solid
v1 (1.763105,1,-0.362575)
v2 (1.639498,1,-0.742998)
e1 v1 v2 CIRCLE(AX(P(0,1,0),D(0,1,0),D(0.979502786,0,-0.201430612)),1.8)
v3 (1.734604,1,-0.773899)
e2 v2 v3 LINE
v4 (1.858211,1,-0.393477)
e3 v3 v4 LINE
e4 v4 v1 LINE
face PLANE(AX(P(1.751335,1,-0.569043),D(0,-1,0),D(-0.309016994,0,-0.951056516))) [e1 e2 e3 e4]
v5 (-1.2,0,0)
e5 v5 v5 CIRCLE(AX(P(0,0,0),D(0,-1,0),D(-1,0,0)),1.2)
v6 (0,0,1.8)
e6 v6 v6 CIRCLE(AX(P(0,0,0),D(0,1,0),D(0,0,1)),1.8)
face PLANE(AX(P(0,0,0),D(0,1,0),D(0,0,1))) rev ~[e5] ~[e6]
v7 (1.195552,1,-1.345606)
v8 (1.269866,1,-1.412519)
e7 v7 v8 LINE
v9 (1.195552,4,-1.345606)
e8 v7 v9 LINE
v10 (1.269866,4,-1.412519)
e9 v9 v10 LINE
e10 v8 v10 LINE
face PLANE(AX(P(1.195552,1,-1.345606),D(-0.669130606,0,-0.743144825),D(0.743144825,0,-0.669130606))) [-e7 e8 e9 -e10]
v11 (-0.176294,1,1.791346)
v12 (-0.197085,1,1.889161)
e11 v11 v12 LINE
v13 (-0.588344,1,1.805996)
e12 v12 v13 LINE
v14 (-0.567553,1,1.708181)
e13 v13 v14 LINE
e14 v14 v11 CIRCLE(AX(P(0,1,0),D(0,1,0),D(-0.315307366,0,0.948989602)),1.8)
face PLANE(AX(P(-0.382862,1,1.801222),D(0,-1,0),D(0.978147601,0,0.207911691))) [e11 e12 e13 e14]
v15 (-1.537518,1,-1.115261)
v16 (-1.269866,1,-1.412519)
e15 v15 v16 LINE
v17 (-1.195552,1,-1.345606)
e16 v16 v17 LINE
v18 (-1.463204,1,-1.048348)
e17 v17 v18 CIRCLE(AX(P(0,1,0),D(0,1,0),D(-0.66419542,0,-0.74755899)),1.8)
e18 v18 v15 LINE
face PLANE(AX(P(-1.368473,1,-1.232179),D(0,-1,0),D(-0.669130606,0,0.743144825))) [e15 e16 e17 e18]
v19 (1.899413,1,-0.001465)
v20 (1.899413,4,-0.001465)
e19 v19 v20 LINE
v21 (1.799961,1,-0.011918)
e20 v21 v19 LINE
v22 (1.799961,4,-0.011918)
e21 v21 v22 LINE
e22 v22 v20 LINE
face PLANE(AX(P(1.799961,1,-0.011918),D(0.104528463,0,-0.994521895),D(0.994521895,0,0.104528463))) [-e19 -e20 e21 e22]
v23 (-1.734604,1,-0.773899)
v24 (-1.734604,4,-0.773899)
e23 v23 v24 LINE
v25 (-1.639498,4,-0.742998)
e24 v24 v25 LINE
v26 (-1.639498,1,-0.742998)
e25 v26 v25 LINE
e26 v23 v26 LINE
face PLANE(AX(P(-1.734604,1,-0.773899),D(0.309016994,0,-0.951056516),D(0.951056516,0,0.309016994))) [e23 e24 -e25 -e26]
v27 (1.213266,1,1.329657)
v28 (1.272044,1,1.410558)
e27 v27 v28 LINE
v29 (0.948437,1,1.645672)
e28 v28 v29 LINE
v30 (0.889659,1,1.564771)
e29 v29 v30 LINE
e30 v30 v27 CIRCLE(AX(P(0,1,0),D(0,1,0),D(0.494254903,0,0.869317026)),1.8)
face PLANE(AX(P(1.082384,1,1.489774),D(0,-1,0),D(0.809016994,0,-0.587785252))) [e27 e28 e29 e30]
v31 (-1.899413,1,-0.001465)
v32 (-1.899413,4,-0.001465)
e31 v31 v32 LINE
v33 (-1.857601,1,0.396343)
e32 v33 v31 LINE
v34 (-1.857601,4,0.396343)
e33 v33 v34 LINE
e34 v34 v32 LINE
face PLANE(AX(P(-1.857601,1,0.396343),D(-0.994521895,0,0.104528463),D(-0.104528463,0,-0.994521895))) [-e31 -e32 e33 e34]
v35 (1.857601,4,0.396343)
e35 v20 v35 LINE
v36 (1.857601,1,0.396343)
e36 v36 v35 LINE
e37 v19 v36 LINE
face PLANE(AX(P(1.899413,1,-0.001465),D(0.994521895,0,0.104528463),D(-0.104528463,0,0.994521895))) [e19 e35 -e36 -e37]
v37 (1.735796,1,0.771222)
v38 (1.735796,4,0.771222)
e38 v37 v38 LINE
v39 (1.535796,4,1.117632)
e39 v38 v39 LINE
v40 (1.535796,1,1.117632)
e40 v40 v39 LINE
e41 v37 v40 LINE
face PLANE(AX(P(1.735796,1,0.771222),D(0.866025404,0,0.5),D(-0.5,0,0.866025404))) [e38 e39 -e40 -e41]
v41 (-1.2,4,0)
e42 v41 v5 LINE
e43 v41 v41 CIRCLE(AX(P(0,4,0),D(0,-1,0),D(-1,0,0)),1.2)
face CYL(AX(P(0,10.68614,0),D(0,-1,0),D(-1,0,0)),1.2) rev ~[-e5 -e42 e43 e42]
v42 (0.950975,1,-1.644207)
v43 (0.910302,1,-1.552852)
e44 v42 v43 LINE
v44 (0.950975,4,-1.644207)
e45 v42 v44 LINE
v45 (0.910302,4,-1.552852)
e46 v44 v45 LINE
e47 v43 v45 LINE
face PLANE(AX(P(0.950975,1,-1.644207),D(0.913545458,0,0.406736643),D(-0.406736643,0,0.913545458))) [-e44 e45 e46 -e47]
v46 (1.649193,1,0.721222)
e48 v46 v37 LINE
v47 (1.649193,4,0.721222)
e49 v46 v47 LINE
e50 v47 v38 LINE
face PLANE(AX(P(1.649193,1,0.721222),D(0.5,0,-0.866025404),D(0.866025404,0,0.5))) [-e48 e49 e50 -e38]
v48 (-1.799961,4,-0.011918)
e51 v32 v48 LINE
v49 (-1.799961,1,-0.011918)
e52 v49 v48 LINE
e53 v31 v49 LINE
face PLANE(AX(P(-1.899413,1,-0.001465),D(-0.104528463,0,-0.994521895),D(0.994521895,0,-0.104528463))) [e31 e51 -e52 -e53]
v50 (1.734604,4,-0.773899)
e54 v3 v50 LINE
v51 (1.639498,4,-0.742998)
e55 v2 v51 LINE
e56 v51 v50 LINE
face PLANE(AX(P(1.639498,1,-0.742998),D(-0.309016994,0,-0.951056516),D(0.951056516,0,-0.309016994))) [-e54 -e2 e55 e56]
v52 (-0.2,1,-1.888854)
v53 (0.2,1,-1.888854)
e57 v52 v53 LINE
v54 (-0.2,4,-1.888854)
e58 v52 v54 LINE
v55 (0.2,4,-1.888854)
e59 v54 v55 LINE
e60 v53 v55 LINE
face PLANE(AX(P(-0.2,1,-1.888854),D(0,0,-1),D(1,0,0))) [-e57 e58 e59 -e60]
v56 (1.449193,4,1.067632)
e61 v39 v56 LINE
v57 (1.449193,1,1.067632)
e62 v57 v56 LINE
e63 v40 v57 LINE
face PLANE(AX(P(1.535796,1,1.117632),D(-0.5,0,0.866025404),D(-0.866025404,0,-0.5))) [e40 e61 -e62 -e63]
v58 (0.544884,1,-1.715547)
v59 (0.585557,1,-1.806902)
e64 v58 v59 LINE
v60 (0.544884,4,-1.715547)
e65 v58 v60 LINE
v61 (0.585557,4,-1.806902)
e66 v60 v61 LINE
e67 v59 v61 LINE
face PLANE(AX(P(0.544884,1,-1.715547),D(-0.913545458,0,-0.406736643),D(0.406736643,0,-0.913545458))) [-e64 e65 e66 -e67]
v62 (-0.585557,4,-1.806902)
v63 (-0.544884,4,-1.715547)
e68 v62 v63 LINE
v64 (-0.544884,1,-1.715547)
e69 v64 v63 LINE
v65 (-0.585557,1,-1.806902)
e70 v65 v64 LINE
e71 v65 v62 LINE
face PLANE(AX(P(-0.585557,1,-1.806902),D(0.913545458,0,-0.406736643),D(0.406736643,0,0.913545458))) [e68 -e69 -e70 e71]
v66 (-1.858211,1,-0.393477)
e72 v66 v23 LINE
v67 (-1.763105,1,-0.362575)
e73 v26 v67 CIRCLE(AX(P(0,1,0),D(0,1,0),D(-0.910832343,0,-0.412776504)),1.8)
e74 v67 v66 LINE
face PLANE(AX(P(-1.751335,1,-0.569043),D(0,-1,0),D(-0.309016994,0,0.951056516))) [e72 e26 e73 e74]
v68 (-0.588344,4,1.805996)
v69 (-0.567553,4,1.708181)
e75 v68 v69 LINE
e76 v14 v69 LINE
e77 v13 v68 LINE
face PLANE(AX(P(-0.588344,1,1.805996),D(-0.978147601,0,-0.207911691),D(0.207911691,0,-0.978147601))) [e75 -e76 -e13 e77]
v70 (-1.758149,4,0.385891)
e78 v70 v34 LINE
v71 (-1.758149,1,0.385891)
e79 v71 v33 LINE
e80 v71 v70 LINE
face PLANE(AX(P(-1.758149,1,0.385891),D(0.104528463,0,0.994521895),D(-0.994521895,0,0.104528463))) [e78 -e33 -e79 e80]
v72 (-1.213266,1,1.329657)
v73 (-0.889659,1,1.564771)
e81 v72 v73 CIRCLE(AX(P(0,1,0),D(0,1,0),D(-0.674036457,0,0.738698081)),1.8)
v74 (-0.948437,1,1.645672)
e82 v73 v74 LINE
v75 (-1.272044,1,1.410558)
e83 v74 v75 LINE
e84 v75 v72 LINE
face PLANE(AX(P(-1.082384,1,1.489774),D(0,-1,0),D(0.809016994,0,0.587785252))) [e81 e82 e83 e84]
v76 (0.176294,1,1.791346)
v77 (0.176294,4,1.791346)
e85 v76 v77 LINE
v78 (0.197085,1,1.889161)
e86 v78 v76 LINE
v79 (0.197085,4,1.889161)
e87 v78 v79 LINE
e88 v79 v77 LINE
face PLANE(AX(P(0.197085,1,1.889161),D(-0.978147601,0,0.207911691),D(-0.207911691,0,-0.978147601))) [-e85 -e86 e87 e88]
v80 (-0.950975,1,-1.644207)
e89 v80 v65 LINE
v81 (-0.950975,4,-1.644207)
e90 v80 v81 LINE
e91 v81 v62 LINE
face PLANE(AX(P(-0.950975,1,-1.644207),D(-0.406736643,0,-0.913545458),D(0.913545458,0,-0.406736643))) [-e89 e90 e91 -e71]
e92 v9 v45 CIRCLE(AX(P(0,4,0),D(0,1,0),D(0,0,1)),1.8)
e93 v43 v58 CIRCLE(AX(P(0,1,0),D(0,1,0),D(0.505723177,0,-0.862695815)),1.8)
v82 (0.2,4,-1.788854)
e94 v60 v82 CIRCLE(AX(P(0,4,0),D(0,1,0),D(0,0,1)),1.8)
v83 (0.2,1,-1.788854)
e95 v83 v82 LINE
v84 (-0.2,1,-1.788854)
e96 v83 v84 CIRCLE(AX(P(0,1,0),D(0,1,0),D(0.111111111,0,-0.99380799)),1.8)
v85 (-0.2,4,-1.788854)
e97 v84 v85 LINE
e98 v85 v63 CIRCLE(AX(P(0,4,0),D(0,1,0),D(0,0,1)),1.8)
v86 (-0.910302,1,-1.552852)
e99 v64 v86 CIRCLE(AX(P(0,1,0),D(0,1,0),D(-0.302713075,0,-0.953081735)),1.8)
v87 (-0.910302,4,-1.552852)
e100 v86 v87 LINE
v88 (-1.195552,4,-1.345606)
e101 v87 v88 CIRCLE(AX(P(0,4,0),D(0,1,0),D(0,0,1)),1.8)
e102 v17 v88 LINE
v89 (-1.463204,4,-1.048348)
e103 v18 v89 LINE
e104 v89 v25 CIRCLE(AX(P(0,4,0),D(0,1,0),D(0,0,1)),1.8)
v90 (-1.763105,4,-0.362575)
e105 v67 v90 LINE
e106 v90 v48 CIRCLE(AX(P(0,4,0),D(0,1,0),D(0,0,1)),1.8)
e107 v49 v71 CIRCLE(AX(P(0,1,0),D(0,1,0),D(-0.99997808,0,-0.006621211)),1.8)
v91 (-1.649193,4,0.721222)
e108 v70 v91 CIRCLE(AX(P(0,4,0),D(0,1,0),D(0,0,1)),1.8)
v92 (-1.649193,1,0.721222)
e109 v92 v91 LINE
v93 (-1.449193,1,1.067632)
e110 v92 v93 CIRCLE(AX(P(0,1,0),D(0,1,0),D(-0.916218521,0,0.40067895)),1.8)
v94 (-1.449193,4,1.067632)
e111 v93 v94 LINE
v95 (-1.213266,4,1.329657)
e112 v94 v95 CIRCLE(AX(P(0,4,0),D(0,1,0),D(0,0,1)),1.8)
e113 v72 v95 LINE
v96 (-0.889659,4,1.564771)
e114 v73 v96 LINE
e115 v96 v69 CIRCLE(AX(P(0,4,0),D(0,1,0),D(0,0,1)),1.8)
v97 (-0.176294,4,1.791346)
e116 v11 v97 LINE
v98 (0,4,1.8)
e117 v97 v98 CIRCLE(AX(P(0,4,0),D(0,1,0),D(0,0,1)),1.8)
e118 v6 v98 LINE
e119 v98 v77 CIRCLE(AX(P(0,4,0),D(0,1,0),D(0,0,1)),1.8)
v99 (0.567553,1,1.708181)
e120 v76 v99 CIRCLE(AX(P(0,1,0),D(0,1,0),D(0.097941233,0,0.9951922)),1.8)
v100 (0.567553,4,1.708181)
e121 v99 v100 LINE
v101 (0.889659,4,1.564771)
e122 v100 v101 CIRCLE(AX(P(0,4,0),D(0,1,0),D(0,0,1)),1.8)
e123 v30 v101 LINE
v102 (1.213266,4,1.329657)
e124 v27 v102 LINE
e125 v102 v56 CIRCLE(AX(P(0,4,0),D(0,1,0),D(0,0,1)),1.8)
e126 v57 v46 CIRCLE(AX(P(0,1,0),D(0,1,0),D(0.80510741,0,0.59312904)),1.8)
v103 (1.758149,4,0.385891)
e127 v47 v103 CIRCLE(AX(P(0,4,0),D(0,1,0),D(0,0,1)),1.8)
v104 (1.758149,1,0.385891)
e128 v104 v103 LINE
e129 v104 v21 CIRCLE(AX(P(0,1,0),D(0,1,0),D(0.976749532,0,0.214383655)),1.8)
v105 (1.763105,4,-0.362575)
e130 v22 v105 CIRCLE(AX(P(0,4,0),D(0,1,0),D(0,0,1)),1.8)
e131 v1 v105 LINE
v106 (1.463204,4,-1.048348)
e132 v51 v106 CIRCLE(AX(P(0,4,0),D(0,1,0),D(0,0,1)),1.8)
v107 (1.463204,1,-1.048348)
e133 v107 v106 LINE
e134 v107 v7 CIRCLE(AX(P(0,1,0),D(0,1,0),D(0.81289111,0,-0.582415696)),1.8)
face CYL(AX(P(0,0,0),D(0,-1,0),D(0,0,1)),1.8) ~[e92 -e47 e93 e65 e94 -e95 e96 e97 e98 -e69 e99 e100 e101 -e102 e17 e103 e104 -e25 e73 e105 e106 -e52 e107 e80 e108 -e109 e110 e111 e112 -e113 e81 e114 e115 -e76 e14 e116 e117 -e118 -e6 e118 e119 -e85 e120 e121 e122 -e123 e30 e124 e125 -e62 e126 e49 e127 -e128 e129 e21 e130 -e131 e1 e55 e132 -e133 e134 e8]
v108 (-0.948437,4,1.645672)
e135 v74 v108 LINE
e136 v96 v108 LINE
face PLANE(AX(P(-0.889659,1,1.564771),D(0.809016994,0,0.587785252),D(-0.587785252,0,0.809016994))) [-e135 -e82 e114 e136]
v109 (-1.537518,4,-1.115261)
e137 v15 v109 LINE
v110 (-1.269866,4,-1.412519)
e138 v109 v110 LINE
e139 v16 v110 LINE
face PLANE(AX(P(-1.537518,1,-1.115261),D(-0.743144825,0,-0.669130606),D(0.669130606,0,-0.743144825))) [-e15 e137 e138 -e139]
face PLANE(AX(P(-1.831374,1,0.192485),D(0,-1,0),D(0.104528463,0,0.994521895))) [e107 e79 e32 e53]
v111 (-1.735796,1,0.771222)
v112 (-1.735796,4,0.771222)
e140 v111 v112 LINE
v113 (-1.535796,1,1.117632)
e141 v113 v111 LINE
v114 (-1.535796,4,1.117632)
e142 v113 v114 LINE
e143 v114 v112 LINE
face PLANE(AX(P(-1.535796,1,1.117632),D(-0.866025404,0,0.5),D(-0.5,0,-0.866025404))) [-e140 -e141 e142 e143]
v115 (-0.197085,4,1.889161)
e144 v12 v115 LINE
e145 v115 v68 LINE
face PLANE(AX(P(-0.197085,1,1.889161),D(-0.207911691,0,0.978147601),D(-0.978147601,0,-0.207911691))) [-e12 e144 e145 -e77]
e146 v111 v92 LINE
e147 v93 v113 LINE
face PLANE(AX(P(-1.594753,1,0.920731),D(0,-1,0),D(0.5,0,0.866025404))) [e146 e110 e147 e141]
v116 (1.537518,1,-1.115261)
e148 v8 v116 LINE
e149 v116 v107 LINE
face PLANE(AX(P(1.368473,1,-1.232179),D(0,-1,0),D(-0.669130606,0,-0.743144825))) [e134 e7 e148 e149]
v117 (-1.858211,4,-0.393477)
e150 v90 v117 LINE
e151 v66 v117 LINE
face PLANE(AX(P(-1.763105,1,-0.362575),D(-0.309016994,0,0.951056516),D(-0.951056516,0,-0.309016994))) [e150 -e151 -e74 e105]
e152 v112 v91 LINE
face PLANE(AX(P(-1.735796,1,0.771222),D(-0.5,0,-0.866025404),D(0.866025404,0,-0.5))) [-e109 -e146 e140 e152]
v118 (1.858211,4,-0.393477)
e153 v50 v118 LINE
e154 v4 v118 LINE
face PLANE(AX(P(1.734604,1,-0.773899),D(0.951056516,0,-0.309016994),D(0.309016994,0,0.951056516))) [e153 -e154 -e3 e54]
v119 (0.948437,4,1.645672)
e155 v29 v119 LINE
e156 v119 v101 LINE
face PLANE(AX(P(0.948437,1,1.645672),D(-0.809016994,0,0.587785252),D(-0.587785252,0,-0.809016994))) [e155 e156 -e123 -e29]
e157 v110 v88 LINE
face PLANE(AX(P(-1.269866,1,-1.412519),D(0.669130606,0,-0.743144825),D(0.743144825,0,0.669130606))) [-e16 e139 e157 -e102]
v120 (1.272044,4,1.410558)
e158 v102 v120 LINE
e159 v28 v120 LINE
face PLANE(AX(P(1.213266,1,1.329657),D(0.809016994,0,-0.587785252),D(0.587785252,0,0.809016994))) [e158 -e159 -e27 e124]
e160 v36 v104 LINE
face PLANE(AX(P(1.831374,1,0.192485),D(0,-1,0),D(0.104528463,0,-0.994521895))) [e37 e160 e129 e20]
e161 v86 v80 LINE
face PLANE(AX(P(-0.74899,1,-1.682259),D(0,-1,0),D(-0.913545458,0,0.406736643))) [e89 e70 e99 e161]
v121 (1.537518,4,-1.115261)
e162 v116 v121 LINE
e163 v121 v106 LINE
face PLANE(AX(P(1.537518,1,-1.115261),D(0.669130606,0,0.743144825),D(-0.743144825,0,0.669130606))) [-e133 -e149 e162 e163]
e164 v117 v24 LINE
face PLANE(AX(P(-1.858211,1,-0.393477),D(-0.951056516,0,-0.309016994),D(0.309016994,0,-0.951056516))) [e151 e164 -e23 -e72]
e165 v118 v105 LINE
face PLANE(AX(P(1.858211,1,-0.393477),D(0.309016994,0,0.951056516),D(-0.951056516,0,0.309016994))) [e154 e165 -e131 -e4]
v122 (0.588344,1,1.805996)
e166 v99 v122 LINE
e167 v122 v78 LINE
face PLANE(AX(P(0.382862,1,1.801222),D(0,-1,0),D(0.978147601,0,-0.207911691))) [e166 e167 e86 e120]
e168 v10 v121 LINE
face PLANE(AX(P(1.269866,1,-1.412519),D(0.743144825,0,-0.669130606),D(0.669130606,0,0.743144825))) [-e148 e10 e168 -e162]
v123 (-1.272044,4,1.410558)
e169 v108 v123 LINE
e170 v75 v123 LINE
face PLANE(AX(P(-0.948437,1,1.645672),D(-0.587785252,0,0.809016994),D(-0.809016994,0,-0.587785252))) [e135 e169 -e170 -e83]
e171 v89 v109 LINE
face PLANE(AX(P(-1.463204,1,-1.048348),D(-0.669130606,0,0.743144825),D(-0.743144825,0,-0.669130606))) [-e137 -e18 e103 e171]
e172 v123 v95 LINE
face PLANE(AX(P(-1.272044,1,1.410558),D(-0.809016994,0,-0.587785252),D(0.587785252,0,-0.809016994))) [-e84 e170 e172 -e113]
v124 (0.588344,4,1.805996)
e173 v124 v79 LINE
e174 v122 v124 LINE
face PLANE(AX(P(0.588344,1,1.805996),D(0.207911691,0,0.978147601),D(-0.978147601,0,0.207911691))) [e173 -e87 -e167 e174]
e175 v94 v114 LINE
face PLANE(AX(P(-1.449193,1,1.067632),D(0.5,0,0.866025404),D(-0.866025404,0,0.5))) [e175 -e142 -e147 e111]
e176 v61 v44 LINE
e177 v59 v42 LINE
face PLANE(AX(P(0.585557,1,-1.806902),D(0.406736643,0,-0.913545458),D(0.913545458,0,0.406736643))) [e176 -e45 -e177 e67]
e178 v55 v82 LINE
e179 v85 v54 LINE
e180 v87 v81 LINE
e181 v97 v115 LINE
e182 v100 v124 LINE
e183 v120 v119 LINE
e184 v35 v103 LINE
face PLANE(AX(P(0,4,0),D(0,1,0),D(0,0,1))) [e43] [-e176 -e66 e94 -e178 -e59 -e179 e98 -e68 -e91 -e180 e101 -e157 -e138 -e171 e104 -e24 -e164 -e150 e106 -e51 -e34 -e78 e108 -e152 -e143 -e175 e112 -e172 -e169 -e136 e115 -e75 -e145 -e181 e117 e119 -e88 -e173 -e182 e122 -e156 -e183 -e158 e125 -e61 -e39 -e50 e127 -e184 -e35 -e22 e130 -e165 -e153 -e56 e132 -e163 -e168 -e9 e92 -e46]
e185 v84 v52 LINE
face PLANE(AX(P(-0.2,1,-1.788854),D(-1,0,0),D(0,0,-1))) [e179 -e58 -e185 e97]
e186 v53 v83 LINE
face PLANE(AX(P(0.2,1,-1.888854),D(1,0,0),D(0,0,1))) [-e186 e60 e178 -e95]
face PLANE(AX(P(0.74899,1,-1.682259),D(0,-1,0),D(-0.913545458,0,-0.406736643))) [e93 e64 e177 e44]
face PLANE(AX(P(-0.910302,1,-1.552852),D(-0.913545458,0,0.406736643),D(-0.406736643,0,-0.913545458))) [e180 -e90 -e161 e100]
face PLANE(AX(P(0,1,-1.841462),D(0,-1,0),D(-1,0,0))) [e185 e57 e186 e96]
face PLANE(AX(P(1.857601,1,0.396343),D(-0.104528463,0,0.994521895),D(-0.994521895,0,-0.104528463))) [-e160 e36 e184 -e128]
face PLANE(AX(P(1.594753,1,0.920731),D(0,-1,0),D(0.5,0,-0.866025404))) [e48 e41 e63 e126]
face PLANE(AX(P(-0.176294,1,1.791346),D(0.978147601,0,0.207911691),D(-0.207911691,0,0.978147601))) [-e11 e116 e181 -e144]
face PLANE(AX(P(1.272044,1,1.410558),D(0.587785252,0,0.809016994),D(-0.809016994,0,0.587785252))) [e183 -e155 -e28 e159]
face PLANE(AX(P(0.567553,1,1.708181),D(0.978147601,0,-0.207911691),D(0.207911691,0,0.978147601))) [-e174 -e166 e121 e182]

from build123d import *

# Parameters (mm, degrees)
SKETCH1_R            = 1.8
BODY_DEPTH           = 4
TEETH_START          = -3
TEETH_DEPTH          = 3
CIRPATTERN1_COUNT    = 15
M2_CLEARANCE_HOLE1_D = 2.4


with BuildPart() as part:
    # Sketch1 → Body (new body)
    with BuildSketch(Plane(origin=(0, 0, 0), x_dir=(1, 0, 0), z_dir=(0, 1, 0))):
        with Locations(Location((0, 0, 0), (0, 0, 270))):
            Circle(SKETCH1_R)
    extrude(amount=BODY_DEPTH)

    # Sketch2 → Teeth (add)
    with BuildSketch(Plane(origin=(0, 4, 0), x_dir=(1, 0, 0), z_dir=(0, 1, 0)).offset(TEETH_START)):
        with BuildLine():
            Line((-0.2, 1.788854382), (-0.2, 1.888854382))
            Line((-0.2, 1.888854382), (0.2, 1.888854382))
            Line((0.2, 1.888854382), (0.2, 1.788854382))
            ThreePointArc((0.2, 1.788854382), (0, 1.8), (-0.2, 1.788854382))
        make_face()
    teeth = extrude(amount=TEETH_DEPTH)

    # CirPattern1: Teeth ×15 about axis
    cirpattern1_axis = Axis((0, 0, 0), (0, 1, 0))
    for i in range(1, CIRPATTERN1_COUNT):
        add(teeth.rotate(cirpattern1_axis, i * 360 / CIRPATTERN1_COUNT))

    # M2 Clearance Hole1 (through all)
    with Locations(Plane(origin=(0, 4, 0), x_dir=(1, 0, 0), z_dir=(0, 1, 0))):
        with Locations((0, 0)):
            Hole(M2_CLEARANCE_HOLE1_D / 2)


solid = part.part
